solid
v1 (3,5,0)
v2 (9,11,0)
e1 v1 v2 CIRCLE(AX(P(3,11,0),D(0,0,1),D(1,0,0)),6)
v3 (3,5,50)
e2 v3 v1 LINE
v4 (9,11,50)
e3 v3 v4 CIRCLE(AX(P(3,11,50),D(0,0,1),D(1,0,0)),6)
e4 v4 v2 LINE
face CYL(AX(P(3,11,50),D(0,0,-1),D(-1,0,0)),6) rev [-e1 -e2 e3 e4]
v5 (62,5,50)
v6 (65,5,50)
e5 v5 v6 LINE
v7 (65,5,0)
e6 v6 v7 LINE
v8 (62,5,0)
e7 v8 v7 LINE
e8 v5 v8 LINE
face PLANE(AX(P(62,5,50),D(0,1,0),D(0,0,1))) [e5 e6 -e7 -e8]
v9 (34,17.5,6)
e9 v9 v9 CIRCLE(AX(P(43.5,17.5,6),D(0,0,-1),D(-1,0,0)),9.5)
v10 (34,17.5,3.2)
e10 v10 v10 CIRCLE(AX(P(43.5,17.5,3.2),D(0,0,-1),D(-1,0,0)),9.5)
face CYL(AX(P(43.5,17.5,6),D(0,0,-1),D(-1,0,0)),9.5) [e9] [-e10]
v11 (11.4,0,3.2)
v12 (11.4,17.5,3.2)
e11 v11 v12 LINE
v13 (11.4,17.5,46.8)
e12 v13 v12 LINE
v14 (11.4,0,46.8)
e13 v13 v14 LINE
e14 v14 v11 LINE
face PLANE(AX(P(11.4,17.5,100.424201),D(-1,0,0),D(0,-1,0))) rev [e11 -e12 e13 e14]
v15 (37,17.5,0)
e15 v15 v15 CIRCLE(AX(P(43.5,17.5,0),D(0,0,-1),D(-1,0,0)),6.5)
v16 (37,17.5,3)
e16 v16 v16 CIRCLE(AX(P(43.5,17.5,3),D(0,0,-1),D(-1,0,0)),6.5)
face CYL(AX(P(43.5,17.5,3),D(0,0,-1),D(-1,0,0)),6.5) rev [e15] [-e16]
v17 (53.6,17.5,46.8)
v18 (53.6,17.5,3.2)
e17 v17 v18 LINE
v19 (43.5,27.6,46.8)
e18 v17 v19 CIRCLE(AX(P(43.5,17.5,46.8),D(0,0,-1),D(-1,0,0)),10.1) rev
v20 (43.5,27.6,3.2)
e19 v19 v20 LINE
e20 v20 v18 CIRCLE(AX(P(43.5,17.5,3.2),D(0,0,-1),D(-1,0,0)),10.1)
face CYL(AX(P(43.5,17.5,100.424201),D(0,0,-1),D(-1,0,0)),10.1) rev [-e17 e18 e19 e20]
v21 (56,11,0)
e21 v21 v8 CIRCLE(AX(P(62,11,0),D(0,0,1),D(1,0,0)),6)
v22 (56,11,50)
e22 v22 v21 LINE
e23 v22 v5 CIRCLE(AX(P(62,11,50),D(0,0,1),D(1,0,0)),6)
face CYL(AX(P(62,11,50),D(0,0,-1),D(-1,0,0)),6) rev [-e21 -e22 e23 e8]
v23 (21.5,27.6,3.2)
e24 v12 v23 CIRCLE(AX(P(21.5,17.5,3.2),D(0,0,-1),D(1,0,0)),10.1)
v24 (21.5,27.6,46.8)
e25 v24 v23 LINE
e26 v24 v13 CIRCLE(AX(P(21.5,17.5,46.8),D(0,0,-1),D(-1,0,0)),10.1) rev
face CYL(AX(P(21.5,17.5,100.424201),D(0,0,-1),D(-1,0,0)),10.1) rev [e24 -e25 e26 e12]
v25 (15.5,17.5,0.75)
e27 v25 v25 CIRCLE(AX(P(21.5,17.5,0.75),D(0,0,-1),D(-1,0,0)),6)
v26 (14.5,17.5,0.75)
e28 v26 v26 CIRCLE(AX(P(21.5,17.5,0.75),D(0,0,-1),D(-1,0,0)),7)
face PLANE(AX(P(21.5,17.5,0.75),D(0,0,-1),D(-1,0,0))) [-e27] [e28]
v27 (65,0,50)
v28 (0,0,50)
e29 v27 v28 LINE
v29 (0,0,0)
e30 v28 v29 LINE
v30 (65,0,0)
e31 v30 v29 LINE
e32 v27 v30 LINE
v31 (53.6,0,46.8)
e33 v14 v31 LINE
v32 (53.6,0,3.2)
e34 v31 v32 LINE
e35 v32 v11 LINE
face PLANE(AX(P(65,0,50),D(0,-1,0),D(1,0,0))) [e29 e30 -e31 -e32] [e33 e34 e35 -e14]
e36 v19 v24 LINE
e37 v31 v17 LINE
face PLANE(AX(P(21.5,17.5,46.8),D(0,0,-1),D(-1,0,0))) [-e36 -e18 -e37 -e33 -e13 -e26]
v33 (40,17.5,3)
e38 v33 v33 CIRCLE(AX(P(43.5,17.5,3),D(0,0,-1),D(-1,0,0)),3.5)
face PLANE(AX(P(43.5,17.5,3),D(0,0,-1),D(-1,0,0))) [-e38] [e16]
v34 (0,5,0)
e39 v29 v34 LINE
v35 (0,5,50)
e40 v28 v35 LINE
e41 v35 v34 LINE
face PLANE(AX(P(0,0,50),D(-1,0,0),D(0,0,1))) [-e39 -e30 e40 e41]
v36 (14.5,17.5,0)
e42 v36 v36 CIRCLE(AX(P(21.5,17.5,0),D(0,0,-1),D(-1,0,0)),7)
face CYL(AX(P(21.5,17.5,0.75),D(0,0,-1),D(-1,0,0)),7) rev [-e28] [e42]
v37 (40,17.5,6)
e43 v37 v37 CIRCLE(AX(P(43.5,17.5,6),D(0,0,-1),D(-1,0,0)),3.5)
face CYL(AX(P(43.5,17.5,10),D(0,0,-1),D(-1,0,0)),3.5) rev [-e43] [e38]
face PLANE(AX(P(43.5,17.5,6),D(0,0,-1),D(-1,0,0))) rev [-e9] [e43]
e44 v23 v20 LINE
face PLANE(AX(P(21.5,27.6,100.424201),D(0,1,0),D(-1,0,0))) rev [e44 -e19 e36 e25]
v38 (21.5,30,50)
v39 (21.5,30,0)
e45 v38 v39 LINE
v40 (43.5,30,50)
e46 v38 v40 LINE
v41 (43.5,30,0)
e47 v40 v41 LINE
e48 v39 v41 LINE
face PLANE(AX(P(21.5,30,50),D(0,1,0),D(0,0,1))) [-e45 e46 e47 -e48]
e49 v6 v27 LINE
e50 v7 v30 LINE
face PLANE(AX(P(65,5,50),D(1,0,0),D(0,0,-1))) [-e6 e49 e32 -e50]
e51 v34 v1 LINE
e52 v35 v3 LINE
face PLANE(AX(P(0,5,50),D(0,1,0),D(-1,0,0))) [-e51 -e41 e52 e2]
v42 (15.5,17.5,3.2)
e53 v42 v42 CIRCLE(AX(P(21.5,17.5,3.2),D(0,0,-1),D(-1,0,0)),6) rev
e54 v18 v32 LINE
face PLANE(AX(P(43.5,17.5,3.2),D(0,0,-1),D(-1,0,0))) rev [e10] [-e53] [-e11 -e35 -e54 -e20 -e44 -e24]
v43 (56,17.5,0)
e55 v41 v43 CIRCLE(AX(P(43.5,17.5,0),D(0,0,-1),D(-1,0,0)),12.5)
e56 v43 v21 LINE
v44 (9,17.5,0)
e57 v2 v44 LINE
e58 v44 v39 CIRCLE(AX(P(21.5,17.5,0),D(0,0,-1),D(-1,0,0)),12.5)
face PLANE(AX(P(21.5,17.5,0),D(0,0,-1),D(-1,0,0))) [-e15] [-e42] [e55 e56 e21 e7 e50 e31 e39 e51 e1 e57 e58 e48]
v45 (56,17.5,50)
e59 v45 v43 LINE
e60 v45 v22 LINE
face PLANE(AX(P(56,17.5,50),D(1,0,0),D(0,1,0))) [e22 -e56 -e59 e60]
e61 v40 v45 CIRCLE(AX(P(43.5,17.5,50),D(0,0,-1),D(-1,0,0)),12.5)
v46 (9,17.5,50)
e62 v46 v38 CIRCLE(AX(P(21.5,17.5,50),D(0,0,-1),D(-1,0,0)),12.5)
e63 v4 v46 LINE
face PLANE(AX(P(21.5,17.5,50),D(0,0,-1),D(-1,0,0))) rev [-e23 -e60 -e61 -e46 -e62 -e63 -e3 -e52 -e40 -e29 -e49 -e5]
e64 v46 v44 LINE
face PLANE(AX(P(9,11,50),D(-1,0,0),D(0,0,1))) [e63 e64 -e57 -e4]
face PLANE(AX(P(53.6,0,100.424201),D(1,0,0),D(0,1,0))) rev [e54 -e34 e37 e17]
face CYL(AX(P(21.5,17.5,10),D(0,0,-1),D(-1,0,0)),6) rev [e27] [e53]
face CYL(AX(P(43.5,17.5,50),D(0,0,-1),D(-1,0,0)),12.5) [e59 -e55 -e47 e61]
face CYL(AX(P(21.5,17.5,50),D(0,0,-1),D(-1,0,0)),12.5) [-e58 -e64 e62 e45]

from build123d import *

# Parameters (mm, degrees)
EXTRUDE_1_DEPTH     = 50
CUT_EXTRUDE_START   = -3.2
CUT_EXTRUDE_1_DEPTH = 43.6
SKETCH_1_4_R        = 6
SKETCH_1_4_R_2      = 3.5
CUT_EXTRUDE_2_DEPTH = 10
SKETCH_3_R          = 9.5
SKETCH_3_R_2        = 3.5
EXTRUDE_3_DEPTH     = 6
SKETCH_3_3_R        = 6.5
CUT_EXTRUDE_3_DEPTH = 3
SKETCH_3_4_R        = 7
CUT_EXTRUDE_4_DEPTH = 0.75


with BuildPart() as part:
    # Эскиз1 → Бобышка-Вытянуть1 (new body)
    with BuildSketch(Plane.XY):
        with BuildLine():
            Line((0, 0), (0, 5))
            Line((0, 5), (3, 5))
            ThreePointArc((3, 5), (7.242640687, 6.757359313), (9, 11))
            Line((9, 11), (9, 17.5))
            ThreePointArc((9, 17.5), (12.661165235, 26.338834765), (21.5, 30))
            Line((21.5, 30), (43.5, 30))
            ThreePointArc((43.5, 30), (52.338834765, 26.338834765), (56, 17.5))
            Line((56, 17.5), (56, 11))
            ThreePointArc((56, 11), (57.757359313, 6.757359313), (62, 5))
            Line((62, 5), (65, 5))
            Line((65, 5), (65, 0))
            Line((65, 0), (0, 0))
        make_face()
    extrude(amount=EXTRUDE_1_DEPTH)

    # Эскиз2 → Вырез-Вытянуть1 (cut)
    with BuildSketch(Plane(origin=(0, 0, 0), x_dir=(-1, 0, 0), z_dir=(0, 0, -1)).offset(CUT_EXTRUDE_START)):
        with BuildLine():
            Line((-21.5, 27.6), (-43.5, 27.6))
            ThreePointArc((-43.5, 27.6), (-50.64177849, 24.64177849), (-53.6, 17.5))
            Line((-53.6, 17.5), (-53.6, 0))
            Line((-53.6, 0), (-11.4, 0))
            Line((-11.4, 0), (-11.4, 17.5))
            ThreePointArc((-11.4, 17.5), (-14.35822151, 24.64177849), (-21.5, 27.6))
        make_face()
    extrude(amount=-CUT_EXTRUDE_1_DEPTH, mode=Mode.SUBTRACT)

    # Эскиз1<4> → Вырез-Вытянуть2 (cut)
    with BuildSketch(Plane.XY):
        with Locations((21.5, 17.5)):
            Circle(SKETCH_1_4_R)
        with Locations((43.5, 17.5)):
            Circle(SKETCH_1_4_R_2)
    extrude(amount=CUT_EXTRUDE_2_DEPTH, mode=Mode.SUBTRACT)

    # Эскиз3 → Бобышка-Вытянуть3 (add)
    with BuildSketch(Plane(origin=(0, 0, 0), x_dir=(-1, 0, 0), z_dir=(0, 0, -1))):
        with Locations((-43.5, 17.5)):
            Circle(SKETCH_3_R)
        with Locations((-43.5, 17.5)):
            Circle(SKETCH_3_R_2, mode=Mode.SUBTRACT)
    extrude(amount=-EXTRUDE_3_DEPTH)

    # Эскиз3<3> → Вырез-Вытянуть3 (cut)
    with BuildSketch(Plane(origin=(0, 0, 0), x_dir=(-1, 0, 0), z_dir=(0, 0, -1))):
        with Locations((-43.5, 17.5)):
            Circle(SKETCH_3_3_R)
    extrude(amount=-CUT_EXTRUDE_3_DEPTH, mode=Mode.SUBTRACT)

    # Эскиз3<4> → Вырез-Вытянуть4 (cut)
    with BuildSketch(Plane(origin=(0, 0, 0), x_dir=(-1, 0, 0), z_dir=(0, 0, -1))):
        with Locations((-21.5, 17.5)):
            Circle(SKETCH_3_4_R)
    extrude(amount=-CUT_EXTRUDE_4_DEPTH, mode=Mode.SUBTRACT)


solid = part.part
